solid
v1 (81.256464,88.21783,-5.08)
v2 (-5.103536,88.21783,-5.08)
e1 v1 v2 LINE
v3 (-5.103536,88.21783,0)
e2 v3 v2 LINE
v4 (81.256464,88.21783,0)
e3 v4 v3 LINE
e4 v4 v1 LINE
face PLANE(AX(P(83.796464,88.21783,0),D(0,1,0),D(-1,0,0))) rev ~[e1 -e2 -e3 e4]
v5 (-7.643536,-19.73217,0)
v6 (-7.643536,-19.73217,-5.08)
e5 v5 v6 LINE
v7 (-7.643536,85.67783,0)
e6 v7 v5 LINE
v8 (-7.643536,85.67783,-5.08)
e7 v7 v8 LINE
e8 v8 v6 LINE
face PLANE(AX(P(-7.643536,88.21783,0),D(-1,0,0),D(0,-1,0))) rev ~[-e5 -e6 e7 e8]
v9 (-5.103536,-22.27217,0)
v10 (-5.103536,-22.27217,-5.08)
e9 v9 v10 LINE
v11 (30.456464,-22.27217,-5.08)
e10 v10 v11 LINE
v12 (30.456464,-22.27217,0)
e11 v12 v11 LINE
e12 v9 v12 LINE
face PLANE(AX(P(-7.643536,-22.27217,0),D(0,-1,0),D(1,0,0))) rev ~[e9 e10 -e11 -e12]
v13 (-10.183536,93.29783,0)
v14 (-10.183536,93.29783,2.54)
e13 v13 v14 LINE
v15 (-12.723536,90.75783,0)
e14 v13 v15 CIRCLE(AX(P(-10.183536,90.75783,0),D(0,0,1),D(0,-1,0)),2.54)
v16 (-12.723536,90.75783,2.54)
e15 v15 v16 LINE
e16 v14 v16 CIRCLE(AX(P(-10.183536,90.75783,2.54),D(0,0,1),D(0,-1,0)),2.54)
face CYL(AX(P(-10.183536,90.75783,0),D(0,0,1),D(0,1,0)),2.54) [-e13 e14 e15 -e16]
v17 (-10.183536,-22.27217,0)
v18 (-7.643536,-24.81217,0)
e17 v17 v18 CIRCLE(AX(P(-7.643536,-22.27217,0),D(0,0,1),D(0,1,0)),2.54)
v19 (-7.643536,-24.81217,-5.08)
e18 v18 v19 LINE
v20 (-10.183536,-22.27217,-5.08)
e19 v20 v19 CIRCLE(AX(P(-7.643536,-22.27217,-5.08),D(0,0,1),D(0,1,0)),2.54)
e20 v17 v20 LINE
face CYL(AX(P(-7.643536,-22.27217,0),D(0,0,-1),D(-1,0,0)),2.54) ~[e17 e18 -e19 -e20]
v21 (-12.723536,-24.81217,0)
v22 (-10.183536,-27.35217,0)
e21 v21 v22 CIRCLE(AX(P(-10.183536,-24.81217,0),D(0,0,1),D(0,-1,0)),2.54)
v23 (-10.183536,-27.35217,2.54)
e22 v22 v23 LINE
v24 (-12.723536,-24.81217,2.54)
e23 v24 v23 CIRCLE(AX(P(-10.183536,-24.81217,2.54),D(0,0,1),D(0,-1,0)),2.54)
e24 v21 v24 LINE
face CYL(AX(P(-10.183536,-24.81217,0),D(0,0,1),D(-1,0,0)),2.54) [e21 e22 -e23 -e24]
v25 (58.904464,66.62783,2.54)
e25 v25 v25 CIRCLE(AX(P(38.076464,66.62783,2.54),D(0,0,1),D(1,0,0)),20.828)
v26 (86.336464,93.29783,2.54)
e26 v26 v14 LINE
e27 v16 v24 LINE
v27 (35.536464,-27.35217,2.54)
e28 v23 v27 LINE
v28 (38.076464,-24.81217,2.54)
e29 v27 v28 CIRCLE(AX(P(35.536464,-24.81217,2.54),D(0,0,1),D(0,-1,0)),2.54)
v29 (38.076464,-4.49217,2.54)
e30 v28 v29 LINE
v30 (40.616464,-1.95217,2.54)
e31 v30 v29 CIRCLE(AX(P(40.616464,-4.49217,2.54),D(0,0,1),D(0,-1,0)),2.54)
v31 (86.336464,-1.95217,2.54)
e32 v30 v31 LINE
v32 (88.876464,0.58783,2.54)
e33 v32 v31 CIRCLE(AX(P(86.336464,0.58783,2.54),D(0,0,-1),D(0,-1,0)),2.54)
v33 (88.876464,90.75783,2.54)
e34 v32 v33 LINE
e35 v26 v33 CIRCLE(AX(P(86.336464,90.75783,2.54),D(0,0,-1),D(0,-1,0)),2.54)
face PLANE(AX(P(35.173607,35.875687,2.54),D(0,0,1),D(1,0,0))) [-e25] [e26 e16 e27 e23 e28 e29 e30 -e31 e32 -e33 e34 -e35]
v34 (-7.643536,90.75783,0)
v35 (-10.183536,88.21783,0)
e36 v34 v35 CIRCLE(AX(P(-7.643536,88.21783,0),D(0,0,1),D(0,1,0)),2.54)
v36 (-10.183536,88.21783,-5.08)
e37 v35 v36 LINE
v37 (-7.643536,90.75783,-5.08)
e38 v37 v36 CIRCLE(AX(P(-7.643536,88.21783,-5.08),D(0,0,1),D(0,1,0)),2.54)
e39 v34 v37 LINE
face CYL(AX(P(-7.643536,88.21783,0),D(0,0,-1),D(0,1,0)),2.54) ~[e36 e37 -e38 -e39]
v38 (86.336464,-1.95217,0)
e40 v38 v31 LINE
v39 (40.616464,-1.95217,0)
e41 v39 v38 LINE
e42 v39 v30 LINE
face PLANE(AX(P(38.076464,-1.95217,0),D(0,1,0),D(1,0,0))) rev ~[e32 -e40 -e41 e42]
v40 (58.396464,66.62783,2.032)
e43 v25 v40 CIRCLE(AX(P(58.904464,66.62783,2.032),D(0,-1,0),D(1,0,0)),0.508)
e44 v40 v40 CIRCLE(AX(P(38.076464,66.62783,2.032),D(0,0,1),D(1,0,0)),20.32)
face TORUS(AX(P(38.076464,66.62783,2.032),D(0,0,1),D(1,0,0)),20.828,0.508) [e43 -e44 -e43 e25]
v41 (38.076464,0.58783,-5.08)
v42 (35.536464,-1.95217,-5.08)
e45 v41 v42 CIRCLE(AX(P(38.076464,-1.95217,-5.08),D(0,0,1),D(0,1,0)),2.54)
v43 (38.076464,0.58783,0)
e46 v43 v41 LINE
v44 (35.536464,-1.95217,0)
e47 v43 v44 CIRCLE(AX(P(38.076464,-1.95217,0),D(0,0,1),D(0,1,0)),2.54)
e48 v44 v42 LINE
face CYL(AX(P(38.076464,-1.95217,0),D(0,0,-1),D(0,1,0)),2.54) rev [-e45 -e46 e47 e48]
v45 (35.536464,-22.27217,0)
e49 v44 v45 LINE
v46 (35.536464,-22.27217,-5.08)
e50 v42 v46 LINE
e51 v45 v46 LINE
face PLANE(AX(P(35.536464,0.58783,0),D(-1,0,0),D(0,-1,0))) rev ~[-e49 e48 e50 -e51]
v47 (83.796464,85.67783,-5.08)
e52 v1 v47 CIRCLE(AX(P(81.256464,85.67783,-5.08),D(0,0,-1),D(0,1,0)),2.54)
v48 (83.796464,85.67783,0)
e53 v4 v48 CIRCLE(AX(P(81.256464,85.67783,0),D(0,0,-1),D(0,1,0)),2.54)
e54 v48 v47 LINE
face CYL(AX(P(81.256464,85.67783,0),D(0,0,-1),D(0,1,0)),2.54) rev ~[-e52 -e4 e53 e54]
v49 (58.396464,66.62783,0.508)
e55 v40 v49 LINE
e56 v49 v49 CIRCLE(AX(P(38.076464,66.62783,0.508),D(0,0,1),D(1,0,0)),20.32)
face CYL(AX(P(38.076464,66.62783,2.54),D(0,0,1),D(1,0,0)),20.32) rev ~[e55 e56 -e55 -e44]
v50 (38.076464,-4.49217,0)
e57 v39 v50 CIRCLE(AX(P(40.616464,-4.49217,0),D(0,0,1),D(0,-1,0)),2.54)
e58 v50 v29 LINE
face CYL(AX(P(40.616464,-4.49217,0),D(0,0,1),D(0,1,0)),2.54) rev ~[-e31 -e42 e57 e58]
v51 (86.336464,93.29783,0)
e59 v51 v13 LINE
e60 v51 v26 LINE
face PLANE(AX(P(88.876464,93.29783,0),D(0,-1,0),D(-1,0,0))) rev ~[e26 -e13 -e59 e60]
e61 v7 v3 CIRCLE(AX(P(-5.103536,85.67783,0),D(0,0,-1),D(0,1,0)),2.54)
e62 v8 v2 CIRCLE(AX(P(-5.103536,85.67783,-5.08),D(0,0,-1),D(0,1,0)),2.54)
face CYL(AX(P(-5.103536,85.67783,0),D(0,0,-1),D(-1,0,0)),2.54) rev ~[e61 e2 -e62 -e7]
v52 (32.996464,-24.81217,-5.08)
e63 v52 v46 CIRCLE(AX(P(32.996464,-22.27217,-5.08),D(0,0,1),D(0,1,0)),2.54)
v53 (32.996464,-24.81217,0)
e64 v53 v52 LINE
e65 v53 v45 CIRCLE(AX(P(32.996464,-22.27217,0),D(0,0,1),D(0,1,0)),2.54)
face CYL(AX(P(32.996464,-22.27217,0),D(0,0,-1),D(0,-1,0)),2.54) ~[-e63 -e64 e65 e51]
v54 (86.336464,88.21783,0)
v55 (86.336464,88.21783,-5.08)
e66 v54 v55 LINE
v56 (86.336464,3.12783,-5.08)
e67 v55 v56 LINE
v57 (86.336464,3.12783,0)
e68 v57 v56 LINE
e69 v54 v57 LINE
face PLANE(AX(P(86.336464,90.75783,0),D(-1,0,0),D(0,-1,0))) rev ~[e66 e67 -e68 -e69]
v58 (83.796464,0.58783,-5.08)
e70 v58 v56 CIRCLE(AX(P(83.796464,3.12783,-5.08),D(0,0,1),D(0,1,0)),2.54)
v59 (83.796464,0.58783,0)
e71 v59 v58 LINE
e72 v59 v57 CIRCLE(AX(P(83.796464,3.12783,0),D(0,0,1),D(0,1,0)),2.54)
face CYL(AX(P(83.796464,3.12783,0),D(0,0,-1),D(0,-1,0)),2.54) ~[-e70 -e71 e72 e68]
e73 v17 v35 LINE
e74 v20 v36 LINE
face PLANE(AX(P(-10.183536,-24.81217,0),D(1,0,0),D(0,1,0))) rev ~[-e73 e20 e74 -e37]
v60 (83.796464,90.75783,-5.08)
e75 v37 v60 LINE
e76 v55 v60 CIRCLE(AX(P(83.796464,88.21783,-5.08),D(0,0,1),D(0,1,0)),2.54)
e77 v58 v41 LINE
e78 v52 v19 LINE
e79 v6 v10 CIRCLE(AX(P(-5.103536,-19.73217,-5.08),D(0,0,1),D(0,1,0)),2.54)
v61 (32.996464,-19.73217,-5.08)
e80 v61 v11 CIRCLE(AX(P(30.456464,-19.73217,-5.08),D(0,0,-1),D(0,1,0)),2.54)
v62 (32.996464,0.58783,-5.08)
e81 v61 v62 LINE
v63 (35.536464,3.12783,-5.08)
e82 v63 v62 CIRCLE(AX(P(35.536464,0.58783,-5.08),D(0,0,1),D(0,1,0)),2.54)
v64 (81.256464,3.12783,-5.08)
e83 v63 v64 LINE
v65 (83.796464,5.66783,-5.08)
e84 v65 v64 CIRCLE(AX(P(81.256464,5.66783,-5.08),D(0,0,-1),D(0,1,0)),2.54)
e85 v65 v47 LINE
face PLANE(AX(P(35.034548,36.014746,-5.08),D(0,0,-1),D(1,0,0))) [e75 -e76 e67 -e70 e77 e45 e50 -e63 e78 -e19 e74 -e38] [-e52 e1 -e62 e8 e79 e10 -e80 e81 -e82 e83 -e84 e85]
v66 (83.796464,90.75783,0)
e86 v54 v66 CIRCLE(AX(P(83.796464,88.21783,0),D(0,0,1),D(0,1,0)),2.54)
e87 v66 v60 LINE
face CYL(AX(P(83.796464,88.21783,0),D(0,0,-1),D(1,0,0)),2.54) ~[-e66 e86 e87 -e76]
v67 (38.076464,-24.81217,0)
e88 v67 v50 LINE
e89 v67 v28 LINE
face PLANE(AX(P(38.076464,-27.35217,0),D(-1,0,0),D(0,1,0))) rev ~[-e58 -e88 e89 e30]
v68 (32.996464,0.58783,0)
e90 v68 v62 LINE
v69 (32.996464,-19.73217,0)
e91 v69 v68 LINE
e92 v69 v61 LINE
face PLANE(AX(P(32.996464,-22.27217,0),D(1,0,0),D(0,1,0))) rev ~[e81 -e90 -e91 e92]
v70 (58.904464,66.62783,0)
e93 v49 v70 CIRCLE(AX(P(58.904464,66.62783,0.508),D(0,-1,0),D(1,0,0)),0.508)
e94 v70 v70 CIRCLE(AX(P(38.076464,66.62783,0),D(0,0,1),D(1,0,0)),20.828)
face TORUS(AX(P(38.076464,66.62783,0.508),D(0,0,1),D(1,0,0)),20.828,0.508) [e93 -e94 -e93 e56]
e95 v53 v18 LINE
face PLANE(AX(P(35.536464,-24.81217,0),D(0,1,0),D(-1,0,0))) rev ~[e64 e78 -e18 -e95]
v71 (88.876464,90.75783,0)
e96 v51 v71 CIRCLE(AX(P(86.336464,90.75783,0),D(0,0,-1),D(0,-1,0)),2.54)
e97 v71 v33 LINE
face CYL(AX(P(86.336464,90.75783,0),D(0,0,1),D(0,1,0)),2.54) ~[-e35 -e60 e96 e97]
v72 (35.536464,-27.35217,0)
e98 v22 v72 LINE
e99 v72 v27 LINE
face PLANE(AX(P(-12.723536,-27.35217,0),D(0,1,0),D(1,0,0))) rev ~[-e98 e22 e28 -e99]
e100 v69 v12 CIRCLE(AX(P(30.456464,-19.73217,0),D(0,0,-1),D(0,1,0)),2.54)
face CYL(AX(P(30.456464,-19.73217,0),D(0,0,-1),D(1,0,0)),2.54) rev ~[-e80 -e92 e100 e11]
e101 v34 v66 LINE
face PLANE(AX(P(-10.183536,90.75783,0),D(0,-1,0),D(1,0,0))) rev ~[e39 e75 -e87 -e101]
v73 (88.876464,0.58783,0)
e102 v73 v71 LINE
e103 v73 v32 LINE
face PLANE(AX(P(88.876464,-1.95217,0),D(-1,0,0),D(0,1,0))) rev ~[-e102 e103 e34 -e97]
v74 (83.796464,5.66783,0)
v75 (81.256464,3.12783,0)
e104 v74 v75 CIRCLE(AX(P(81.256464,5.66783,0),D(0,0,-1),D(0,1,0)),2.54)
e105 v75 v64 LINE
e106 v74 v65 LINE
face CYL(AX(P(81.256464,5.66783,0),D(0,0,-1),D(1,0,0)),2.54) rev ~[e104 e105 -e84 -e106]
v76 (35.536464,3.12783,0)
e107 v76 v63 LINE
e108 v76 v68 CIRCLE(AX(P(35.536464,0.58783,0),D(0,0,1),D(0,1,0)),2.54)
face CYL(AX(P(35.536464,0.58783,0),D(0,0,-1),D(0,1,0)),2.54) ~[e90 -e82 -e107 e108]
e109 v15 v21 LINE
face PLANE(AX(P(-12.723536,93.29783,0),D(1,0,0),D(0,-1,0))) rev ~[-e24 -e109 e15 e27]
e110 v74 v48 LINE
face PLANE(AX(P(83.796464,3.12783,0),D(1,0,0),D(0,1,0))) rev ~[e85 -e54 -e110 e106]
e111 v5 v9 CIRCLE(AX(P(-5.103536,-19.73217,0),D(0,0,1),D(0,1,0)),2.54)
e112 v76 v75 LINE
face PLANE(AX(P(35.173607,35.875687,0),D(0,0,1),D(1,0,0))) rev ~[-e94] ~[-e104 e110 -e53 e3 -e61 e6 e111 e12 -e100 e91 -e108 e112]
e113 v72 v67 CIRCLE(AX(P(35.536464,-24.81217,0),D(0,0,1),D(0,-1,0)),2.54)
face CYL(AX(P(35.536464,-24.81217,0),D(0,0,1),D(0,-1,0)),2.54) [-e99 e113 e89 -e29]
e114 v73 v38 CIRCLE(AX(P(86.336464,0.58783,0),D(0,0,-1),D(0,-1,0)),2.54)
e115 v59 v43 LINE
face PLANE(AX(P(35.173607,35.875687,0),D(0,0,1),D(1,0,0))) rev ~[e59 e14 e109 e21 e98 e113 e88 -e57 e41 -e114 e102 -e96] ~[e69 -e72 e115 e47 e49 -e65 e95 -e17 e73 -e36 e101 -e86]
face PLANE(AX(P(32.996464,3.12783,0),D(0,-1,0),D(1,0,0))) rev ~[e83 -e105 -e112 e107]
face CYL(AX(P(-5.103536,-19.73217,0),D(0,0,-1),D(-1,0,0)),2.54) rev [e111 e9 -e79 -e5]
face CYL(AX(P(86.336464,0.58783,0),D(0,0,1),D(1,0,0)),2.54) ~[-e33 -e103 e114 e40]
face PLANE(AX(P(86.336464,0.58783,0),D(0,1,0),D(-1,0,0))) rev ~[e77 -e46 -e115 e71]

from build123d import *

# Parameters (mm, degrees)
F1_DEPTH = 2.54
F3_DEPTH = 5.08
F4_R     = 20.32
F5_DEPTH = 7.621
F6_R     = 2.54
F7_R     = 0.508


with BuildPart() as f1:
    # F0 (on Top) → F1 (new body)
    with BuildSketch(Plane.XY):
        Polygon((88.876464, 93.29783), (-12.723536, 93.29783), (-12.723536, -27.35217), (38.076464, -27.35217), (38.076464, -1.95217), (88.876464, -1.95217), align=None)
    extrude(amount=F1_DEPTH)

    # F2 (on face) → F3 (join)
    with BuildSketch(Plane(origin=(0, 0, 0), x_dir=(1, 0, 0), z_dir=(0, 0, -1))):
        Polygon((35.536464, -0.58783), (35.536464, 24.81217), (-10.183536, 24.81217), (-10.183536, -90.75783), (86.336464, -90.75783), (86.336464, -0.58783), align=None)
        Polygon((-7.643536, 22.27217), (32.996464, 22.27217), (32.996464, -3.12783), (83.796464, -3.12783), (83.796464, -88.21783), (-7.643536, -88.21783), align=None, mode=Mode.SUBTRACT)
    extrude(amount=F3_DEPTH)

    # F4 (on face) → F5 (cut, through all)
    with BuildSketch(Plane.XY.offset(2.54)):
        with Locations((38.076464, 66.62783)):
            Circle(F4_R)
    extrude(amount=-F5_DEPTH, mode=Mode.SUBTRACT)

    # F6
    f6_edges = [f1.edges().sort_by_distance(p)[0] for p in [
        (38.076464, -27.35217, 1.27),
        (35.536464, -24.81217, -2.54),
        (35.536464, 0.58783, -2.54),
        (38.076464, -1.95217, 1.27),
        (86.336464, 0.58783, -2.54),
        (88.876464, -1.95217, 1.27),
        (-12.723536, -27.35217, 1.27),
        (-10.183536, -24.81217, -2.54),
        (88.876464, 93.29783, 1.27),
        (86.336464, 90.75783, -2.54),
        (-12.723536, 93.29783, 1.27),
        (-10.183536, 90.75783, -2.54),
        (32.996464, 3.12783, -2.54),
        (32.996464, -22.27217, -2.54),
        (-7.643536, -22.27217, -2.54),
        (-7.643536, 88.21783, -2.54),
        (83.796464, 88.21783, -2.54),
        (83.796464, 3.12783, -2.54),
    ]]
    fillet(f6_edges, radius=F6_R)

    # F7
    f7_edges = [f1.edges().sort_by_distance(p)[0] for p in [
        (17.756464, 66.62783, 0),
        (17.756464, 66.62783, 2.54),
    ]]
    fillet(f7_edges, radius=F7_R)


solid = f1.part
